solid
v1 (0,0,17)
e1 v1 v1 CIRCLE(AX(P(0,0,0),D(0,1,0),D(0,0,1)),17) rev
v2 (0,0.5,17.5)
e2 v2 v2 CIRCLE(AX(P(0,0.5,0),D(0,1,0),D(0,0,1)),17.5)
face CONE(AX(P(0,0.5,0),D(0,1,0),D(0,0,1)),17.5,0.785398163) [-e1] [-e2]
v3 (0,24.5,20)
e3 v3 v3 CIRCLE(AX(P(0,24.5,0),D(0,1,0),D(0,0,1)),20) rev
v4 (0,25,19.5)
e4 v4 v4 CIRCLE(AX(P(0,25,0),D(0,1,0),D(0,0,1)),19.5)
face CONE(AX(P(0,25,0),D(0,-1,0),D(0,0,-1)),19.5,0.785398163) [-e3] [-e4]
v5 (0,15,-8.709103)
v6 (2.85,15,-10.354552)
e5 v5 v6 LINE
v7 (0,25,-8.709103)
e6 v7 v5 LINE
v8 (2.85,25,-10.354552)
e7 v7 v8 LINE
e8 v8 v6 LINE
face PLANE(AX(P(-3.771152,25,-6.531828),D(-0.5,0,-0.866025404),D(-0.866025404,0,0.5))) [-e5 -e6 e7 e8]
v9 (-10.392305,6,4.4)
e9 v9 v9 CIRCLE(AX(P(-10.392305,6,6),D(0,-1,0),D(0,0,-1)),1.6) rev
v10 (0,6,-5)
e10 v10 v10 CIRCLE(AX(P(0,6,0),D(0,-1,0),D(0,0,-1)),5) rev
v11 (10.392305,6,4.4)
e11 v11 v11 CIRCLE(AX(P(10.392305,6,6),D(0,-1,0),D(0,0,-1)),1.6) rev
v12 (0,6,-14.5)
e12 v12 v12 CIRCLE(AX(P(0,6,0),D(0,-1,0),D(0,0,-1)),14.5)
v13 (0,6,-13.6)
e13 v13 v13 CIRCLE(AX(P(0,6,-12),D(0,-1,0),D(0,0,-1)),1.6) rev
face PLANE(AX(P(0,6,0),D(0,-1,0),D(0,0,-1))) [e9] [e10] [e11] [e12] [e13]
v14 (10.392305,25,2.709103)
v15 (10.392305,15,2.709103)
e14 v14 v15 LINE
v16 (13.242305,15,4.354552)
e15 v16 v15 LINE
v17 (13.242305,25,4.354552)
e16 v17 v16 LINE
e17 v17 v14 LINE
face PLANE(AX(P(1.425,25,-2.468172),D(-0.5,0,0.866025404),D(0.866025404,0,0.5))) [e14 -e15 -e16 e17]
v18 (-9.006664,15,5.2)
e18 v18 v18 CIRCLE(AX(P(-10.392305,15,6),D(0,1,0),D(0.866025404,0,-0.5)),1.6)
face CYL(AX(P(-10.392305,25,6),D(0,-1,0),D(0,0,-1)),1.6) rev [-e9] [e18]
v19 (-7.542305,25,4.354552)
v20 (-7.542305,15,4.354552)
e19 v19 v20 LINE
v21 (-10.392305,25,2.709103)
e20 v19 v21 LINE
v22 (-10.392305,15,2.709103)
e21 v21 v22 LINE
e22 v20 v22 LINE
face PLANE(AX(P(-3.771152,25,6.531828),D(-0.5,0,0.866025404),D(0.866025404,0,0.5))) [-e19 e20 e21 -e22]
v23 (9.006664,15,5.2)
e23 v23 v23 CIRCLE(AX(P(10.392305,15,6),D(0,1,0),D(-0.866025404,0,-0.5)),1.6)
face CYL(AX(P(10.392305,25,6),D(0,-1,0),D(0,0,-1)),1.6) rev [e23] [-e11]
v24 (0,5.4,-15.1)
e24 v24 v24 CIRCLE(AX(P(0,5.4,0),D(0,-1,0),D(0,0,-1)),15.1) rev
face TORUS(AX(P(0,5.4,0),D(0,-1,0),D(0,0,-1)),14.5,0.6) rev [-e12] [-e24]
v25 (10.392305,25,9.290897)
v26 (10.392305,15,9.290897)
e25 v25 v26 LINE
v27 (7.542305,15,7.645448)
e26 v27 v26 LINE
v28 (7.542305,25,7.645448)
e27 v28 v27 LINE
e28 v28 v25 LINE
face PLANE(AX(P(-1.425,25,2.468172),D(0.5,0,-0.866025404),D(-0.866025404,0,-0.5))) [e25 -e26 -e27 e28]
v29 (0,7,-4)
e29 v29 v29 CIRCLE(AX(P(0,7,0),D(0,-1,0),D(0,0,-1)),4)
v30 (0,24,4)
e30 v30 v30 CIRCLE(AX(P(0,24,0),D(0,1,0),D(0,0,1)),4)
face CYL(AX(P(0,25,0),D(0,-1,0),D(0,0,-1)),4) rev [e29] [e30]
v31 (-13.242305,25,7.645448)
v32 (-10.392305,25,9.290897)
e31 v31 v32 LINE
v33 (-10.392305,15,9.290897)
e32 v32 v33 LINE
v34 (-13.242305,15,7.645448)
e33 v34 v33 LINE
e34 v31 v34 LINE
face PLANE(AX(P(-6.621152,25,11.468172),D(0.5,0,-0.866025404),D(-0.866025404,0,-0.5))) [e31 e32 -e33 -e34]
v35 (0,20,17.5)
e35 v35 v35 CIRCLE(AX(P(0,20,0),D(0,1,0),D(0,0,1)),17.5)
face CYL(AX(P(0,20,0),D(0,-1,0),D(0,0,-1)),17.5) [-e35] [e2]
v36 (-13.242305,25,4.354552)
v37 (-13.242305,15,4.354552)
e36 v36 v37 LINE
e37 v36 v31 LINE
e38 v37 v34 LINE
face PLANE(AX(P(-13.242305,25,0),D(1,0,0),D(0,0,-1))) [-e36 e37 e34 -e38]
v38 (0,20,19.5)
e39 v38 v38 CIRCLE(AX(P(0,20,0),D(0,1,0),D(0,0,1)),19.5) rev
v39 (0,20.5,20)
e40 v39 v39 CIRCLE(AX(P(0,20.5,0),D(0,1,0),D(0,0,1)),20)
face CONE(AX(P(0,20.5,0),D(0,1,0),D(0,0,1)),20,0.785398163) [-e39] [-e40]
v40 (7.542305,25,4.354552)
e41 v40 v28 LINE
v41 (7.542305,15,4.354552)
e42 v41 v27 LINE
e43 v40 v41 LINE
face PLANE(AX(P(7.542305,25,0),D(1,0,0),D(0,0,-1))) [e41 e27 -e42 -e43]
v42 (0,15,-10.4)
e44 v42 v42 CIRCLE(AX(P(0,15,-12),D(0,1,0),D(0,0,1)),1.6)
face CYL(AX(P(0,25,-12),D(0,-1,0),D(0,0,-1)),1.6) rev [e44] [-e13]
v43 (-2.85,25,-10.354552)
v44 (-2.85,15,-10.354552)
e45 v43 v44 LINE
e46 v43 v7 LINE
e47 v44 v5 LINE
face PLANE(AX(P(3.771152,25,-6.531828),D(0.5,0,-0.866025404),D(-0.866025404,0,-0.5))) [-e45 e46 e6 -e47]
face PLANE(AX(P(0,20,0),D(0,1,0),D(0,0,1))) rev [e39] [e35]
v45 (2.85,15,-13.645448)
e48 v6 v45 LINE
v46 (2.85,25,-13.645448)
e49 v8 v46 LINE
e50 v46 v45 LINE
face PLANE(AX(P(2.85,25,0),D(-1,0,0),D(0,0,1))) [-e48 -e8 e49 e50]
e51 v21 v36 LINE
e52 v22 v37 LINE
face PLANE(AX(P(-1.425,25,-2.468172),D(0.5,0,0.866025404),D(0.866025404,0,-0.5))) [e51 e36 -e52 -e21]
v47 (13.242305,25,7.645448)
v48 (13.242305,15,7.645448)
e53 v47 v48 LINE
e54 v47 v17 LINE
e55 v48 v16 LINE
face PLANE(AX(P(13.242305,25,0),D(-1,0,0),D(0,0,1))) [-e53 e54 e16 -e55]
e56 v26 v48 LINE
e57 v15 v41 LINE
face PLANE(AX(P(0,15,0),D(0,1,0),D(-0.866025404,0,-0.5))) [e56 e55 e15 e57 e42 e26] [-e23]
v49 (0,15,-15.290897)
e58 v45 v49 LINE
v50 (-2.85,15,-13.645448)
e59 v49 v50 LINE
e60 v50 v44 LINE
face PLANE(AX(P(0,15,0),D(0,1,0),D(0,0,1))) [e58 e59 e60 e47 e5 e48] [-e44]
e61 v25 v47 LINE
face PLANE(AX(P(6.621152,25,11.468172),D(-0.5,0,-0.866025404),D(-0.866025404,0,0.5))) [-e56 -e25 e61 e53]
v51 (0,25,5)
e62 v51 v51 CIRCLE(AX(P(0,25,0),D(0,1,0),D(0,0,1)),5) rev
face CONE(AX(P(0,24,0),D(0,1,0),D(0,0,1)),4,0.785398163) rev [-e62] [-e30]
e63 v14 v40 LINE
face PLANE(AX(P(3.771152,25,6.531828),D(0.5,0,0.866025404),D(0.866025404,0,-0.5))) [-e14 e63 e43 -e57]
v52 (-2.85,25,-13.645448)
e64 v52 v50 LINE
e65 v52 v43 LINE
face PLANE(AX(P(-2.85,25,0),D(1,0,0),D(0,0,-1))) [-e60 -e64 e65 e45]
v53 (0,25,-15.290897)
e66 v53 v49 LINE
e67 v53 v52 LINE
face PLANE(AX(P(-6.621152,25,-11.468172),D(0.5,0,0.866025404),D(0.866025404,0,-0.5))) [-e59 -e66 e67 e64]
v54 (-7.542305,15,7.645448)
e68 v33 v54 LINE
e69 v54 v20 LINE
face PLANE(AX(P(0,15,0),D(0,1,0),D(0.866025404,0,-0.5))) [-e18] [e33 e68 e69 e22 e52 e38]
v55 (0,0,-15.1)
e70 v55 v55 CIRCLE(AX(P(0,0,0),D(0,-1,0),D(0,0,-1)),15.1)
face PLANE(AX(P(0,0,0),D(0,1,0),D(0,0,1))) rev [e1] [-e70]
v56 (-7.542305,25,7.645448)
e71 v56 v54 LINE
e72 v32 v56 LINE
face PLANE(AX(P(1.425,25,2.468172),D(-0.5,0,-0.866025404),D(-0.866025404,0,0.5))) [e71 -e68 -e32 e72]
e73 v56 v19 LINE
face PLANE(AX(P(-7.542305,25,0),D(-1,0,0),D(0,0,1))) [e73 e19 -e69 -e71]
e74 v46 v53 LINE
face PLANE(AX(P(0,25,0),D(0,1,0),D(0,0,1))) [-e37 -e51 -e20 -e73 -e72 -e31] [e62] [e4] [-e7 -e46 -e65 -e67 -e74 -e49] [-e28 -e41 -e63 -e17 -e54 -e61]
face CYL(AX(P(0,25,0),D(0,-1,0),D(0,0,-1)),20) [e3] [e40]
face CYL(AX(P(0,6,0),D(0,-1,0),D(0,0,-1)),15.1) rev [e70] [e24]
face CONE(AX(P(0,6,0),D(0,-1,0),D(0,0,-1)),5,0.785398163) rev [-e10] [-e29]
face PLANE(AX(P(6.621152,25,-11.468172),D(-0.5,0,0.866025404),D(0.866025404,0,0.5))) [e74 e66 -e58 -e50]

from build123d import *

# Parameters (mm, degrees)
SKETCH_1_R               = 20
EXTRUDE_1_DEPTH          = 25
SKETCH_2_OUTSIDE_W       = 54.37
SKETCH_2_OUTSIDE_H       = 54.37
SKETCH_2_OUTSIDE_R       = 17.5
CUT_EXTRUDE_1_DEPTH      = 20
SKETCH_3_R               = 15.1
CUT_EXTRUDE_2_DEPTH      = 6
SKETCH_4_R               = 4
CUT_EXTRUDE_3_DEPTH      = 38.749172176
SKETCH_4_3_R             = 1.6
CUT_EXTRUDE_4_DEPTH      = 38.749172176
CUT_EXTRUDE_START        = 15
SKETCH_4_4_R             = 1.6
CUT_EXTRUDE_5_DEPTH      = 23.749172176
PATTERN_CIRCULAR_1_COUNT = 3
CHAMFER_1_SIZE           = 0.5
CHAMFER_2_SIZE           = 1
FILLET_1_R               = 0.6


with BuildPart() as part:
    # Эскиз1 → Бобышка-Вытянуть1 (new body)
    with BuildSketch(Plane(origin=(0, 0, 0), x_dir=(1, 0, 0), z_dir=(0, 1, 0))):
        Circle(SKETCH_1_R)
    extrude(amount=EXTRUDE_1_DEPTH)

    # Эскиз2 outside → Вырез-Вытянуть1 (cut)
    with BuildSketch(Plane(origin=(0, 0, 0), x_dir=(1, 0, 0), z_dir=(0, 1, 0))):
        Rectangle(SKETCH_2_OUTSIDE_W, SKETCH_2_OUTSIDE_H)
        Circle(SKETCH_2_OUTSIDE_R, mode=Mode.SUBTRACT)
    extrude(amount=CUT_EXTRUDE_1_DEPTH, mode=Mode.SUBTRACT)

    # Эскиз3 → Вырез-Вытянуть2 (cut)
    with BuildSketch(Plane.XZ):
        Circle(SKETCH_3_R)
    extrude(amount=-CUT_EXTRUDE_2_DEPTH, mode=Mode.SUBTRACT)

    # Эскиз4 → Вырез-Вытянуть3 (cut, through all)
    with BuildSketch(Plane(origin=(0, 0, 0), x_dir=(1, 0, 0), z_dir=(0, 1, 0))):
        Circle(SKETCH_4_R)
    extrude(amount=CUT_EXTRUDE_3_DEPTH, mode=Mode.SUBTRACT)

    # Эскиз4<3> → Вырез-Вытянуть4 (cut, through all)
    with BuildSketch(Plane(origin=(0, 0, 0), x_dir=(1, 0, 0), z_dir=(0, 1, 0))):
        with Locations((0, 12)):
            Circle(SKETCH_4_3_R)
    cut_extrude_4 = extrude(amount=CUT_EXTRUDE_4_DEPTH, mode=Mode.SUBTRACT)

    # Эскиз4<4> → Вырез-Вытянуть5 (cut, through all)
    with BuildSketch(Plane(origin=(0, 0, 0), x_dir=(1, 0, 0), z_dir=(0, 1, 0)).offset(CUT_EXTRUDE_START)):
        Polygon((2.85, 13.645448267), (0, 15.290896534), (-2.85, 13.645448267), (-2.85, 10.354551733), (0, 8.709103466), (2.85, 10.354551733), align=None)
        with Locations((0, 12)):
            Circle(SKETCH_4_4_R, mode=Mode.SUBTRACT)
    cut_extrude_5 = extrude(amount=CUT_EXTRUDE_5_DEPTH, mode=Mode.SUBTRACT)

    # Круговой массив1: Вырез-Вытянуть4, Вырез-Вытянуть5 ×3 about axis
    pattern_circular_1_axis = Axis((0, 20, 0), (0, -1, 0))
    add([cut_extrude_4.rotate(pattern_circular_1_axis, i * 360 / PATTERN_CIRCULAR_1_COUNT) for i in range(1, PATTERN_CIRCULAR_1_COUNT)], mode=Mode.SUBTRACT)
    add([cut_extrude_5.rotate(pattern_circular_1_axis, i * 360 / PATTERN_CIRCULAR_1_COUNT) for i in range(1, PATTERN_CIRCULAR_1_COUNT)], mode=Mode.SUBTRACT)

    # Фаска1
    chamfer_1_edges = [part.edges().sort_by_distance(p)[0] for p in [
        (-20, 25, 0),
        (-20, 20, 0),
        (-17.5, 0, 0),
    ]]
    chamfer(chamfer_1_edges, length=CHAMFER_1_SIZE)

    # Фаска2
    chamfer_2_edges = [part.edges().sort_by_distance(p)[0] for p in [
        (-4, 25, 0),
        (-4, 6, 0),
    ]]
    chamfer(chamfer_2_edges, length=CHAMFER_2_SIZE)

    # Скругление1
    fillet_1_edges = [part.edges().sort_by_distance(p)[0] for p in [
        (-15.1, 6, 0),
    ]]
    fillet(fillet_1_edges, radius=FILLET_1_R)


solid = part.part
